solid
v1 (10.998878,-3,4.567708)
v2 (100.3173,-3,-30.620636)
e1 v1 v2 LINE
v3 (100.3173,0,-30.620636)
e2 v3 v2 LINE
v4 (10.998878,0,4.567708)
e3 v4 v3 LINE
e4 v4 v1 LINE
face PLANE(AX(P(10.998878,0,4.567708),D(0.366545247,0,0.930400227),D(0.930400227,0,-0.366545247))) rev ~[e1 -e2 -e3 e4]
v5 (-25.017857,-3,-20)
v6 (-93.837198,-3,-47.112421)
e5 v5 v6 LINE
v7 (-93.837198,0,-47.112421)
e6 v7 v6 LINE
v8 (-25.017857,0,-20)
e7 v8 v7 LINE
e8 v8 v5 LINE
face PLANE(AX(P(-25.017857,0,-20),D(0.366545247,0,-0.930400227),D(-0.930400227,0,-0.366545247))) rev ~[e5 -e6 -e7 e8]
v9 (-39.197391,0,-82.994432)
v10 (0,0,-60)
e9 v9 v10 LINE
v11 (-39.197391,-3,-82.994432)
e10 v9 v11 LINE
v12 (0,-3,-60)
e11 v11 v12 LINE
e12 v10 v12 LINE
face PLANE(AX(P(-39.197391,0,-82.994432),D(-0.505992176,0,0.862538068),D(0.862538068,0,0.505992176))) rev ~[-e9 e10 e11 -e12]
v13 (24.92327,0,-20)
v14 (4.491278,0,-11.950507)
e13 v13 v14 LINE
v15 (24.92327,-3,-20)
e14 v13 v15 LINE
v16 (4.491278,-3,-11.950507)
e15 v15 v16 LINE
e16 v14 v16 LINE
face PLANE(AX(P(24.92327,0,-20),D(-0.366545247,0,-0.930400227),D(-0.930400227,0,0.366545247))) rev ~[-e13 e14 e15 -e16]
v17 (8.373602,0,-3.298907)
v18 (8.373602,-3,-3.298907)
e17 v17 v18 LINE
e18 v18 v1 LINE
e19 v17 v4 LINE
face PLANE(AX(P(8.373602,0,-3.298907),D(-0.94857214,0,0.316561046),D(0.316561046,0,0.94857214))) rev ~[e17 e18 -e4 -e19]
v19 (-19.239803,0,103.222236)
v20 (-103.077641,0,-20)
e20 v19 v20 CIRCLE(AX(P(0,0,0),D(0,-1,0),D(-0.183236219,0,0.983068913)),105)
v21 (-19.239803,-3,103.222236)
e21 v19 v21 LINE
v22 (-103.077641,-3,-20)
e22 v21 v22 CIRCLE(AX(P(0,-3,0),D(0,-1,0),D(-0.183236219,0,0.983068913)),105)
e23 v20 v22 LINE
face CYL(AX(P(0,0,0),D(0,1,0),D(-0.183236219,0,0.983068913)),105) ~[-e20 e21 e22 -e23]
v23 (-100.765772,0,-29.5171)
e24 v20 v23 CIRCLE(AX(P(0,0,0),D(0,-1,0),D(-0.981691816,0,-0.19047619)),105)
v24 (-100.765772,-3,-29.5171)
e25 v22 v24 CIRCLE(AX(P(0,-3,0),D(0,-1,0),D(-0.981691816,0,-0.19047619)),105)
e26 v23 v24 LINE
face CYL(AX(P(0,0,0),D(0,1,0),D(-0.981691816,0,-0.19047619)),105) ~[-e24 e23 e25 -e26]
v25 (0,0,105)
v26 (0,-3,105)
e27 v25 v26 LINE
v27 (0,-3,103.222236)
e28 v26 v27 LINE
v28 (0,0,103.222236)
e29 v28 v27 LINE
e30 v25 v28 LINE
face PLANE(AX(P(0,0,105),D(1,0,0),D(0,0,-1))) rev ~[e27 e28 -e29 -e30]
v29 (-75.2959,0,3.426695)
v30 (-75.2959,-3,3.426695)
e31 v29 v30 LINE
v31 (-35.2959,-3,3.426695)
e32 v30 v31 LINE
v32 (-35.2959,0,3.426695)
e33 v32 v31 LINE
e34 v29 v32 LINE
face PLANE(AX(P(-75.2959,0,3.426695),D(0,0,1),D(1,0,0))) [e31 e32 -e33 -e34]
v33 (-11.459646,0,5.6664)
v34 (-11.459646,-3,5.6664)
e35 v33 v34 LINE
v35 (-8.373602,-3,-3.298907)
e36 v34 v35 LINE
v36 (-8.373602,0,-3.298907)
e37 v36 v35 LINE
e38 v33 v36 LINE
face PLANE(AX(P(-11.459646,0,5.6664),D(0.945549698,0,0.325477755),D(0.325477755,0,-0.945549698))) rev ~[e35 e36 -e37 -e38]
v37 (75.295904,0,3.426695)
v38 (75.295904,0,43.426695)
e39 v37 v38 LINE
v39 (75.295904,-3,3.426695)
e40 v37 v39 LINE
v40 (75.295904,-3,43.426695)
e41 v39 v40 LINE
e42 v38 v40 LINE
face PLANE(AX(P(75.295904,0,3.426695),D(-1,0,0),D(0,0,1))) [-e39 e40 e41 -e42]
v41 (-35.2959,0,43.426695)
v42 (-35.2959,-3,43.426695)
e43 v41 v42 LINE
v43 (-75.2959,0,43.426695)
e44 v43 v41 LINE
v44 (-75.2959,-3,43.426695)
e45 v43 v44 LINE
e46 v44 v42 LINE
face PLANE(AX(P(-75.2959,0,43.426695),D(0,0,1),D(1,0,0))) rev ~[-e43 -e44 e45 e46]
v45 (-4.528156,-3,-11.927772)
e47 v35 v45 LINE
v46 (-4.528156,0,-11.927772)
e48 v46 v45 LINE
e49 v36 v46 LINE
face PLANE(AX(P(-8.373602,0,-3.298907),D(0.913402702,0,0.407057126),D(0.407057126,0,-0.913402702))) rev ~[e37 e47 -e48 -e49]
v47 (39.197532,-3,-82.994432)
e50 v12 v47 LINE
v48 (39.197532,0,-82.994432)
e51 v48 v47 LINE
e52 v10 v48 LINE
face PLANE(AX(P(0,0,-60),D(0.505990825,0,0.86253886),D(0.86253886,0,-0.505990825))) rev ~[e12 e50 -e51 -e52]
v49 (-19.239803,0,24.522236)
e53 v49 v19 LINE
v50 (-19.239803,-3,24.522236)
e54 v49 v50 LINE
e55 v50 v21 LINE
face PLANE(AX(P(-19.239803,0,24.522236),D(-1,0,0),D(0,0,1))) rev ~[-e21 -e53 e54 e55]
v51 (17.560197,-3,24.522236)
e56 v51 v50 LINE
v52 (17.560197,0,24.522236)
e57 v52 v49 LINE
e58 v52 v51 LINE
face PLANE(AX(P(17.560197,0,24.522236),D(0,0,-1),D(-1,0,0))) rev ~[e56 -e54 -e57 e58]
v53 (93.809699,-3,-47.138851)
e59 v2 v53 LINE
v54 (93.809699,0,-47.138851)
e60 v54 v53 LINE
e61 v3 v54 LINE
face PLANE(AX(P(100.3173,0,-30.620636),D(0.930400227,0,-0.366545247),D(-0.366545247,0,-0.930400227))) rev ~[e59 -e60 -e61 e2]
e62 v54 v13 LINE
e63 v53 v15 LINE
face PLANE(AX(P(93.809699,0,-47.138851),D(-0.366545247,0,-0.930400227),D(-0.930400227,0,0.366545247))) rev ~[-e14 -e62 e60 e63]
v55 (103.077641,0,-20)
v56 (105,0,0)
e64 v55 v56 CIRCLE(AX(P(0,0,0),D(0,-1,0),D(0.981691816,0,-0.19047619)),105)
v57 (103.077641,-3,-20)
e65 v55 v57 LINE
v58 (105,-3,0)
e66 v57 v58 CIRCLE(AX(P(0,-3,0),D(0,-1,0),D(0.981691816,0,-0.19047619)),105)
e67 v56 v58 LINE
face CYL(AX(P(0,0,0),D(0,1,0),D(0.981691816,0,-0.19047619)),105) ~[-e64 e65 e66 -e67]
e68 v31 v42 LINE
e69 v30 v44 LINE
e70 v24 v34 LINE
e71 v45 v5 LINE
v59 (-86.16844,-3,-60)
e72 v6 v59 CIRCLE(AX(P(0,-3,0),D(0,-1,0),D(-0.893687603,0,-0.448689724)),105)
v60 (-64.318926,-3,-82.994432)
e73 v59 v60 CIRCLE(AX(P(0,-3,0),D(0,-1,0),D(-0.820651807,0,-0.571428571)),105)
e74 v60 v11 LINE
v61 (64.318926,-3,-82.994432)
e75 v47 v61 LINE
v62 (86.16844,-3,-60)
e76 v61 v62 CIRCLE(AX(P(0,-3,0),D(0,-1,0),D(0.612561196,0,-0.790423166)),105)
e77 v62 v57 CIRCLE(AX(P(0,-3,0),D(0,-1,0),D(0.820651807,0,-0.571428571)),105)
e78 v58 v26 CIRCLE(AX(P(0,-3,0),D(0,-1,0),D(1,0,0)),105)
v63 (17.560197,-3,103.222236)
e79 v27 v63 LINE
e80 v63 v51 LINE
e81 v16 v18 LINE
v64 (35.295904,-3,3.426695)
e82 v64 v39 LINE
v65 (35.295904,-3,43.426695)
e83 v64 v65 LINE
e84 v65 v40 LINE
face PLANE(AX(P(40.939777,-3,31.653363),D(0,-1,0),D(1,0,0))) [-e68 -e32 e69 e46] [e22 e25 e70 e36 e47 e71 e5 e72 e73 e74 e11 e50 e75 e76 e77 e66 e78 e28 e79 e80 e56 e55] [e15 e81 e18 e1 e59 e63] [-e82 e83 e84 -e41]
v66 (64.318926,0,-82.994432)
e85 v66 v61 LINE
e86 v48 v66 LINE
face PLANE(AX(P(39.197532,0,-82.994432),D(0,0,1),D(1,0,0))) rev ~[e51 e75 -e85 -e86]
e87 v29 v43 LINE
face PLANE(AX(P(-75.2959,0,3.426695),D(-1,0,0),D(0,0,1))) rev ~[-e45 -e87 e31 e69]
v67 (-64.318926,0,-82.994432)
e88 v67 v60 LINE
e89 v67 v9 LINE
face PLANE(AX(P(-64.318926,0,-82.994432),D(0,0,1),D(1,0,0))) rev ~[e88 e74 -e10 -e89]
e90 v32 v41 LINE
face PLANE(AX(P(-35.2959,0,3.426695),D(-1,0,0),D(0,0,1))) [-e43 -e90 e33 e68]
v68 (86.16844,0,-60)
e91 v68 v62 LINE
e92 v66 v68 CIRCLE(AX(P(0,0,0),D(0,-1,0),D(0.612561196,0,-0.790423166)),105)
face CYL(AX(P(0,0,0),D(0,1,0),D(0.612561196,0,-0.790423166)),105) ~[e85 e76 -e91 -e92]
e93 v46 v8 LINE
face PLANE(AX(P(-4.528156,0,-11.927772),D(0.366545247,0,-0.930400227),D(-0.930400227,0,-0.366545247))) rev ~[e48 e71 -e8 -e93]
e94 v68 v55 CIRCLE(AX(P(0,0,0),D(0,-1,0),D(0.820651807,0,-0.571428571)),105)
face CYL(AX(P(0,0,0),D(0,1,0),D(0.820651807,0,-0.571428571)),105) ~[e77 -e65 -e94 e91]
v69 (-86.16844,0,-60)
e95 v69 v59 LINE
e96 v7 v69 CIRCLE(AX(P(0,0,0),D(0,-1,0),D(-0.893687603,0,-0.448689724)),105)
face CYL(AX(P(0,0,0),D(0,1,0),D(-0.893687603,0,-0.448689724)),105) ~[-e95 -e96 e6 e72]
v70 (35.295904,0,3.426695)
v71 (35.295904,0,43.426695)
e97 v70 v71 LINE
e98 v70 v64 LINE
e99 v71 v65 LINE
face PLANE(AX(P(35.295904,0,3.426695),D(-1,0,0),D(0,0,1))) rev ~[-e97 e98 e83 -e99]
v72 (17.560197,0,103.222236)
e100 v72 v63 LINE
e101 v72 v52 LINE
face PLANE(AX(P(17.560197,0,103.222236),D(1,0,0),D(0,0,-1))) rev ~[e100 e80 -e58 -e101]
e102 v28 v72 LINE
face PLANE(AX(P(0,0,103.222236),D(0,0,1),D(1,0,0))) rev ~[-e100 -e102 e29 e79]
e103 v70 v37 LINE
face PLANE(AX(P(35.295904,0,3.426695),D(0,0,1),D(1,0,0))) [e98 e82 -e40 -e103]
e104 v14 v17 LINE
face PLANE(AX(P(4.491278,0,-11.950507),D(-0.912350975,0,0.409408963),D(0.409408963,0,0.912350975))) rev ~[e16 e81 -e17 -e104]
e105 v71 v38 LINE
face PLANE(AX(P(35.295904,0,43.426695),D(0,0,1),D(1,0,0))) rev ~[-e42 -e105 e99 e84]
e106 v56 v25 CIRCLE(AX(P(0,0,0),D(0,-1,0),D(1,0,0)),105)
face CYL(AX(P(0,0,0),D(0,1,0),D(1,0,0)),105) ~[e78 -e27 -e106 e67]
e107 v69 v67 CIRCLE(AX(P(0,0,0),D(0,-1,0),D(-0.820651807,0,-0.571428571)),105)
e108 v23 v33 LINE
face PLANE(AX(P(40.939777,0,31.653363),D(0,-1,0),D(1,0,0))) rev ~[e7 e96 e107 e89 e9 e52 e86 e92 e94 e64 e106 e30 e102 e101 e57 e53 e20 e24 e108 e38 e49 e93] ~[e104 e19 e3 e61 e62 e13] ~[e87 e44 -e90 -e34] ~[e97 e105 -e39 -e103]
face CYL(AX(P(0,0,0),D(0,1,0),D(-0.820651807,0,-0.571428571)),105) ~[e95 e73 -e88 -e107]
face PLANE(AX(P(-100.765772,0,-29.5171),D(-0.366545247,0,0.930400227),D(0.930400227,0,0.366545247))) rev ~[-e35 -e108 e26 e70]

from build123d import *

# Parameters (mm, degrees)
F0_W     = 40
F0_H     = 40
F1_DEPTH = 3


with BuildPart() as f1:
    # F0 (on Front) → F1 (new body)
    with BuildSketch(Plane.XZ):
        with BuildLine():
            ThreePointArc((103.0776406404, -20), (104.5183052562, -10.0460871177), (105, 0))
            ThreePointArc((105, 0), (74.2462120246, 74.2462120246), (0, 105))
            Line((0, 105), (0, 103.22223589))
            Line((0, 103.22223589), (17.5601970418, 103.22223589))
            Line((17.5601970418, 103.22223589), (17.5601970418, 24.52223589))
            Line((17.5601970418, 24.52223589), (0, 24.52223589))
            Line((0, 24.52223589), (0, 0))
            Line((0, 0), (0, -20))
            Line((0, -20), (24.9232704506, -20))
            Line((24.9232704506, -20), (4.4912775015, -11.950507217))
            Line((4.4912775015, -11.950507217), (8.3736020394, -3.2989072261))
            Line((8.3736020394, -3.2989072261), (10.9988783344, 4.5677080197))
            Line((10.9988783344, 4.5677080197), (73.3589860543, -20))
            Line((73.3589860543, -20), (103.0776406404, -20))
        make_face()
        with Locations((55.2959036827, 23.426694544)):
            Rectangle(F0_W, F0_H, mode=Mode.SUBTRACT)
        with BuildLine():
            Line((-19.2398029582, 24.52223589), (-19.2398029582, 103.22223589))
            ThreePointArc((-19.2398029582, 103.22223589), (-86.8119755941, 59.06505645), (-103.0776406404, -20))
            Line((-103.0776406404, -20), (-76.6085577032, -20))
            Line((-76.6085577032, -20), (-11.4596459847, 5.666399553))
            Line((-11.4596459847, 5.666399553), (-8.3736020394, -3.2989072261))
            Line((-8.3736020394, -3.2989072261), (-4.5281557545, -11.9277723195))
            Line((-4.5281557545, -11.9277723195), (-25.0178565965, -20))
            Line((-25.0178565965, -20), (0, -20))
            Line((0, -20), (0, 0))
            Line((0, 0), (0, 24.52223589))
            Line((0, 24.52223589), (-19.2398029582, 24.52223589))
        make_face()
        with Locations((-55.2958999333, 23.426694544)):
            Rectangle(F0_W, F0_H, mode=Mode.SUBTRACT)
        with BuildLine():
            Line((-76.6085577032, -20), (-103.0776406404, -20))
            ThreePointArc((-103.0776406404, -20), (-102.0327301186, -24.7855196543), (-100.7657719775, -29.5171000911))
            Line((-100.7657719775, -29.5171000911), (-76.6085577032, -20))
        make_face()
        with BuildLine():
            ThreePointArc((86.1684396981, -60), (96.7135964116, -40.8837408896), (103.0776406404, -20))
            Line((103.0776406404, -20), (73.3589860543, -20))
            Line((73.3589860543, -20), (100.3173000877, -30.6206357252))
            Line((100.3173000877, -30.6206357252), (97.2817984504, -38.3256364902))
            Line((97.2817984504, -38.3256364902), (93.8096992547, -47.138850962))
            Line((93.8096992547, -47.138850962), (24.9232704506, -20))
            Line((24.9232704506, -20), (0, -20))
            Line((0, -20), (86.1684396981, -60))
        make_face()
        with BuildLine():
            Line((-86.1684396981, -60), (0, -20))
            Line((0, -20), (-25.0178565965, -20))
            Line((-25.0178565965, -20), (-93.837198319, -47.1124209911))
            ThreePointArc((-93.837198319, -47.1124209911), (-90.2331970655, -53.6932970429), (-86.1684396981, -60))
        make_face()
        with BuildLine():
            ThreePointArc((64.3189255464, -82.9944324432), (76.1170004362, -72.3270505731), (86.1684396981, -60))
            Line((86.1684396981, -60), (0, -20))
            Line((0, -20), (-86.1684396981, -60))
            ThreePointArc((-86.1684396981, -60), (-76.1170004362, -72.3270505731), (-64.3189255464, -82.9944324432))
            Line((-64.3189255464, -82.9944324432), (-39.1973913604, -82.9944324432))
            Line((-39.1973913604, -82.9944324432), (0, -60))
            Line((0, -60), (39.1975319574, -82.9944324432))
            Line((39.1975319574, -82.9944324432), (64.3189255464, -82.9944324432))
        make_face()
    extrude(amount=F1_DEPTH)


solid = f1.part
